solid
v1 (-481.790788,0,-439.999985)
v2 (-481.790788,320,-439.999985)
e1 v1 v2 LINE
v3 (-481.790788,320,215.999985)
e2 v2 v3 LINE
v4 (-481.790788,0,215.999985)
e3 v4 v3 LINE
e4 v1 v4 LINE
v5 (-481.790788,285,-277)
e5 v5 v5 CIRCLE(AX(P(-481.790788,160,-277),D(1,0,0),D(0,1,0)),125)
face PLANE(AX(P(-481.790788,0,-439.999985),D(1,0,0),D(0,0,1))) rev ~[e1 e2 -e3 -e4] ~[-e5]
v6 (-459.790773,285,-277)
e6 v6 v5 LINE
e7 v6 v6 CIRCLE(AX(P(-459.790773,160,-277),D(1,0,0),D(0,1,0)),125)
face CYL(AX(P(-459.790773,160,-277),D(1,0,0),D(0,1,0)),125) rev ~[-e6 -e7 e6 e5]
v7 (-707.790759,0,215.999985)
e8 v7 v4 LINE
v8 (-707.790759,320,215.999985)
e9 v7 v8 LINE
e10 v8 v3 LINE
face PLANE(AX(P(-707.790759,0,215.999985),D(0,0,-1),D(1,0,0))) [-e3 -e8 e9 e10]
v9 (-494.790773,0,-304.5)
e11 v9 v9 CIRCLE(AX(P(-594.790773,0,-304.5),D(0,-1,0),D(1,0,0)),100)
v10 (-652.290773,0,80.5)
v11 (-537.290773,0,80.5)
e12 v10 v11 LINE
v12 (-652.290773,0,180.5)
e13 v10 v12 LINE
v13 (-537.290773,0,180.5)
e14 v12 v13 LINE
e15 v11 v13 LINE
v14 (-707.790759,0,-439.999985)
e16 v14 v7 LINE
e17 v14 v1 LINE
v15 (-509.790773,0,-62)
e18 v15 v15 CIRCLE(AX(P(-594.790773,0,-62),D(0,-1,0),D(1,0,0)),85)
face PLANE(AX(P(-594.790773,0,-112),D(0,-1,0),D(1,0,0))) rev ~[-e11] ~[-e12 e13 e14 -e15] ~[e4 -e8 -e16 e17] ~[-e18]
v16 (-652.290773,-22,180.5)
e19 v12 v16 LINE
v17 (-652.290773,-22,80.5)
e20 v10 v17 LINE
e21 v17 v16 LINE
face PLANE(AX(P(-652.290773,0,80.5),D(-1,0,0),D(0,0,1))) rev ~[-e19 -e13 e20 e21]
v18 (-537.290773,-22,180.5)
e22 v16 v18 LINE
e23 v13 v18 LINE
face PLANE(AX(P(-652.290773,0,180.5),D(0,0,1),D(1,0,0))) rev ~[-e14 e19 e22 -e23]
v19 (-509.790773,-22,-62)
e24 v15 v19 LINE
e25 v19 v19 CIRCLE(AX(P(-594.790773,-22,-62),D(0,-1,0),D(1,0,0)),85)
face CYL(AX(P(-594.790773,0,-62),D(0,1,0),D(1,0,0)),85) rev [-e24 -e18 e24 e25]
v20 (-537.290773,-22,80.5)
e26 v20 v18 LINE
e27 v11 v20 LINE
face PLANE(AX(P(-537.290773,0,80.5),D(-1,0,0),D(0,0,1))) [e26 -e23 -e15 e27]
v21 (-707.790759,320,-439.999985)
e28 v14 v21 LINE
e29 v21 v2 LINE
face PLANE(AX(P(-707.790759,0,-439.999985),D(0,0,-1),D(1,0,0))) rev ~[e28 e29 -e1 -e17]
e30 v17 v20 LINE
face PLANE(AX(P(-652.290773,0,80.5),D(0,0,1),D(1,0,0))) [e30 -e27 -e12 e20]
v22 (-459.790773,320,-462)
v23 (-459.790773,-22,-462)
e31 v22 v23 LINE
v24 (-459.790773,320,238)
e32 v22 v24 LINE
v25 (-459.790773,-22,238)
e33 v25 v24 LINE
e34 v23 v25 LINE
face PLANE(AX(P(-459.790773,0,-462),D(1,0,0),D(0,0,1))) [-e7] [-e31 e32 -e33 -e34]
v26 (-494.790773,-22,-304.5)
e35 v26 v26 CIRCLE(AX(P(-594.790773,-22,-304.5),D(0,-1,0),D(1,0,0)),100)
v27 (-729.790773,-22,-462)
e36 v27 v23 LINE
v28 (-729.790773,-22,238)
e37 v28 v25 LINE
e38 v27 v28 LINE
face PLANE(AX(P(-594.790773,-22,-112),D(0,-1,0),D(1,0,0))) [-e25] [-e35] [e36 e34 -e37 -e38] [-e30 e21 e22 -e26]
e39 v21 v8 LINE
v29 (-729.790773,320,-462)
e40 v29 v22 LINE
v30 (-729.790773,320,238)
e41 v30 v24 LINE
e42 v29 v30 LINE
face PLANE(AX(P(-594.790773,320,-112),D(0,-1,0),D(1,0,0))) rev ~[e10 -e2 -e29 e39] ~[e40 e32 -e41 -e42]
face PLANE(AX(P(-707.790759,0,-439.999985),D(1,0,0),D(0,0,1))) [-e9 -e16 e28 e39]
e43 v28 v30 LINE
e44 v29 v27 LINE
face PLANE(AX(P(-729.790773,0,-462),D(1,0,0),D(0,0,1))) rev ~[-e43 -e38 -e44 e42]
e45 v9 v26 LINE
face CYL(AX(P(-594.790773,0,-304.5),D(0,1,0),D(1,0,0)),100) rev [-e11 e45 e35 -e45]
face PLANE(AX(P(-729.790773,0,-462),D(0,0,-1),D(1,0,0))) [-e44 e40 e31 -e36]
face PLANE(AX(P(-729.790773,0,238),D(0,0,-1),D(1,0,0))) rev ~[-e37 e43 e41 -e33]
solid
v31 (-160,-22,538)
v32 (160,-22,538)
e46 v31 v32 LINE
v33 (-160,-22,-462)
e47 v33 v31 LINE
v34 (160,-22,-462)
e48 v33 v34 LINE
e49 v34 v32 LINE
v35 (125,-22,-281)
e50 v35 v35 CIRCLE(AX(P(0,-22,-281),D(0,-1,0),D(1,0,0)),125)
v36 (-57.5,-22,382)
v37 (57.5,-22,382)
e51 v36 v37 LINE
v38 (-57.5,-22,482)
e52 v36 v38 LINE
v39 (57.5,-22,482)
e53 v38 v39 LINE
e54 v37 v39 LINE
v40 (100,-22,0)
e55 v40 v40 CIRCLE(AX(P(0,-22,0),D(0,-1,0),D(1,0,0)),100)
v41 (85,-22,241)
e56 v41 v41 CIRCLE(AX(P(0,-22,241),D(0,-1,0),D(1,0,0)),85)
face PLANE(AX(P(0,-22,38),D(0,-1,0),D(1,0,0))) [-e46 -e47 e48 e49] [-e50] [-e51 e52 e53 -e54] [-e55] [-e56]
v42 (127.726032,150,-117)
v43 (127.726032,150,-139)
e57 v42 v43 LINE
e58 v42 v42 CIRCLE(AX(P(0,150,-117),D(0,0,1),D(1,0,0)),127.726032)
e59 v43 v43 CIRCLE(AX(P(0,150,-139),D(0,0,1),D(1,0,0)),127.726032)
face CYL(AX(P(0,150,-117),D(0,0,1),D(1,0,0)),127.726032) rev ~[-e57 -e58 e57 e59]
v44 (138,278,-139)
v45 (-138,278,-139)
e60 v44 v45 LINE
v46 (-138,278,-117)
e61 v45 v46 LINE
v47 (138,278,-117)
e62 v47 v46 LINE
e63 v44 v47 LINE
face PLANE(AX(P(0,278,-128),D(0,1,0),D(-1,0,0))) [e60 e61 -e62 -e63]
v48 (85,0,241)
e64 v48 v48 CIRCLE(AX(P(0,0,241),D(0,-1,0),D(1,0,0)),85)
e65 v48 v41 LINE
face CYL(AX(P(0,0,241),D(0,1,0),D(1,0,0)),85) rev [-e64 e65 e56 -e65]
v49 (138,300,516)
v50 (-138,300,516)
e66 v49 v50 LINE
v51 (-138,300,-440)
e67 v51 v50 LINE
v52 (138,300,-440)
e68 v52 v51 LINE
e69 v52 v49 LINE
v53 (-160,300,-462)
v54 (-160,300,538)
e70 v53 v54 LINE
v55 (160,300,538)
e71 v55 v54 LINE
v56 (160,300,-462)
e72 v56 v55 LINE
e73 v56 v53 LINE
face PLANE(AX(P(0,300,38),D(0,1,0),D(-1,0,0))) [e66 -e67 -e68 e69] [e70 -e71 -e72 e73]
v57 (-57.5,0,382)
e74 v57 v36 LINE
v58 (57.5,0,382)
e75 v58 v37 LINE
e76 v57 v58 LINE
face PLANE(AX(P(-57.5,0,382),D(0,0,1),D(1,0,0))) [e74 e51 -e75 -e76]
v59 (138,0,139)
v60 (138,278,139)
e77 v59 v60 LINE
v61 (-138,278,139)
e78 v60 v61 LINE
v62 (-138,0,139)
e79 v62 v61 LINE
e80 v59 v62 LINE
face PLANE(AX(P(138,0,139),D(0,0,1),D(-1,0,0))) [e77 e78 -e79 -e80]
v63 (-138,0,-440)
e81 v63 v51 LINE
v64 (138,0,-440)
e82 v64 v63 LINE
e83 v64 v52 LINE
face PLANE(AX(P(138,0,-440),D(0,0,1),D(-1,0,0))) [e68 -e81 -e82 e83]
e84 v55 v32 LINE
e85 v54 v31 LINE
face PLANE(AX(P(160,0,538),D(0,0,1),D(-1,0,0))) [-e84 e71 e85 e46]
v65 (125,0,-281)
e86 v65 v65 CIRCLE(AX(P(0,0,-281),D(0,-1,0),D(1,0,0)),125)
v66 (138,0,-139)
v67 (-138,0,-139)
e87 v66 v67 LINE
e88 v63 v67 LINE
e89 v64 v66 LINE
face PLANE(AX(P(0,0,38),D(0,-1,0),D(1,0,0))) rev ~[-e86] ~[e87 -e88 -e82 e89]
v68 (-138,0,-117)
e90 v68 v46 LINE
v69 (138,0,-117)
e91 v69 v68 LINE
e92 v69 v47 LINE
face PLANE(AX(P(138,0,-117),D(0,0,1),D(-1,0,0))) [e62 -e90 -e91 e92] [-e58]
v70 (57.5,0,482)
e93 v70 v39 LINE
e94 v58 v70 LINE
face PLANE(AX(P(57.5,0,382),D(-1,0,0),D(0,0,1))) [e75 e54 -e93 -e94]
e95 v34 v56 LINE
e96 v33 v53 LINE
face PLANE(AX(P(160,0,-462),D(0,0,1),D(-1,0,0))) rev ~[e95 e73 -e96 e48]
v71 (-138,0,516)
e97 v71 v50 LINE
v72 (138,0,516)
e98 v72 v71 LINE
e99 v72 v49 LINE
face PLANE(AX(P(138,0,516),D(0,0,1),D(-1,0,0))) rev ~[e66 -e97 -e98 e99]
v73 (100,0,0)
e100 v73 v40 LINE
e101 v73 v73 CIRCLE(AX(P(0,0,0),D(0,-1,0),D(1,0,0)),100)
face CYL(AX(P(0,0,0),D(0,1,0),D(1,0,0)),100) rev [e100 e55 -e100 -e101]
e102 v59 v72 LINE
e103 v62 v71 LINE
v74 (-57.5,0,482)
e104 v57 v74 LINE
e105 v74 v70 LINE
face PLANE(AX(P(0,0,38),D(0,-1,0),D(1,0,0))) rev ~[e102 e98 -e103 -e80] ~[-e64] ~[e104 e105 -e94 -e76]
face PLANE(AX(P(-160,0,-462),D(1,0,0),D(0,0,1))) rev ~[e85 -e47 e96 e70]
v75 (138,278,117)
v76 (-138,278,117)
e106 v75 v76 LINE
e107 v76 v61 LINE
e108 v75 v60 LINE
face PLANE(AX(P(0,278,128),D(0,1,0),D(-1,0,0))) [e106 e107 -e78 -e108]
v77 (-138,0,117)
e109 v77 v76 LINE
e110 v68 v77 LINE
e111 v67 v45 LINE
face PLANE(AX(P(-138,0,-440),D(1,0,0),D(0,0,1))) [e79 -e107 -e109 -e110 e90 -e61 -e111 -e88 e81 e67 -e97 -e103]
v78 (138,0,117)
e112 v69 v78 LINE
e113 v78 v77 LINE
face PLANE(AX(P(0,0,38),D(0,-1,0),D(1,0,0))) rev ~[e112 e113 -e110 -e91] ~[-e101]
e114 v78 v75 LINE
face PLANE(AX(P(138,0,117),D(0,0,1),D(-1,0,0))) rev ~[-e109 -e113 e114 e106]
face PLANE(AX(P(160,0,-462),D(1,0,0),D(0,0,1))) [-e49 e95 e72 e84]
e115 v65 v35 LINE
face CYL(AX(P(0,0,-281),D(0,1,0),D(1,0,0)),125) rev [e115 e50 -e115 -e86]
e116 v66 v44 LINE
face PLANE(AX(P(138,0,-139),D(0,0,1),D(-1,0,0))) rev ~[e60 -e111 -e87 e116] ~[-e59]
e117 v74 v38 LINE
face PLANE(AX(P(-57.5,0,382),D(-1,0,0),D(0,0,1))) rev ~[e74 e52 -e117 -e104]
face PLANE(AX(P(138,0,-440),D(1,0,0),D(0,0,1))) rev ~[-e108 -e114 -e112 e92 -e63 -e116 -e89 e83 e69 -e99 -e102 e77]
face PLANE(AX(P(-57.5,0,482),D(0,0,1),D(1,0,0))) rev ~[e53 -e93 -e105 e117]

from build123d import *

# Parameters (mm, degrees)
F0_W      = 320
F0_H      = 1000
F0_R      = 125
F0_R_2    = 100
F0_R_3    = 85
F0_W_2    = 115
F0_H_2    = 100
F1_DEPTH  = 22
F0_W_3    = 270
F0_H_3    = 700
F4_DEPTH  = 320
F3_W      = 225.9999704361
F3_H      = 655.9999704361
F5_DEPTH  = 824
F2_W      = 320
F2_H      = 1000
F2_W_2    = 276
F2_H_2    = 956
F6_DEPTH  = 300
F7_R      = 125
F8_DEPTH  = 25
F9_W      = 276
F9_H      = 22
F10_DEPTH = 278
F11_R     = 127.7260322989
F12_DEPTH = 25


with BuildPart() as f1:
    # F0 (on Front) → F1 (new body)
    with BuildSketch(Plane.XZ):
        with Locations((0, 38)):
            Rectangle(F0_W, F0_H)
        with Locations((0, -281)):
            Circle(F0_R, mode=Mode.SUBTRACT)
        Circle(F0_R_2, mode=Mode.SUBTRACT)
        with Locations((0, 241)):
            Circle(F0_R_3, mode=Mode.SUBTRACT)
        with Locations((0, 432)):
            Rectangle(F0_W_2, F0_H_2, mode=Mode.SUBTRACT)
    extrude(amount=F1_DEPTH)

    # F2 (on face) → F6 (join)
    with BuildSketch(Plane(origin=(0, 0, 0), x_dir=(-1, 0, 0), z_dir=(0, 1, 0))):
        with Locations((0, 38)):
            Rectangle(F2_W, F2_H)
        with Locations((0, 38)):
            Rectangle(F2_W_2, F2_H_2, mode=Mode.SUBTRACT)
    extrude(amount=F6_DEPTH)

    # F9 (on face) → F10 (join)
    with BuildSketch(Plane(origin=(0, 0, 0), x_dir=(-1, 0, 0), z_dir=(0, 1, 0))):
        with Locations((0, -128)):
            Rectangle(F9_W, F9_H)
        with Locations((0, 128)):
            Rectangle(F9_W, F9_H)
    extrude(amount=F10_DEPTH)

    # F11 (on face) → F12 (cut)
    with BuildSketch(Plane.XY.offset(-117)):
        with Locations((0, 150)):
            Circle(F11_R)
    extrude(amount=-F12_DEPTH, mode=Mode.SUBTRACT)


with BuildPart() as f1b:
    # F0 (on Front) → F1, piece 2 (new body)
    with BuildSketch(Plane.XZ):
        with Locations((-594.7907733917, -112)):
            Rectangle(F0_W_3, F0_H_3)
        with Locations((-594.7907733917, -304.5)):
            Circle(F0_R_2, mode=Mode.SUBTRACT)
        with Locations((-594.7907733917, -62)):
            Circle(F0_R_3, mode=Mode.SUBTRACT)
        with Locations((-594.7907733917, 130.5)):
            Rectangle(F0_W_2, F0_H_2, mode=Mode.SUBTRACT)
    extrude(amount=F1_DEPTH)

    # F4 (add): a face of the model
    f4_faces = [f1b.faces().sort_by_distance(p)[0] for p in [
        (-594.7907733917, 0, 230.4973338072),
    ]]
    extrude(f4_faces, amount=F4_DEPTH)

    # F3 (on Front) → F5 (cut)
    with BuildSketch(Plane.XZ):
        with Locations((-594.7907733917, -112)):
            Rectangle(F3_W, F3_H)
    extrude(amount=-F5_DEPTH, mode=Mode.SUBTRACT)

    # F7 (on face) → F8 (cut)
    with BuildSketch(Plane.YZ.offset(-459.7907733917)):
        with Locations((160, -277)):
            Circle(F7_R)
    extrude(amount=-F8_DEPTH, mode=Mode.SUBTRACT)


solid = Compound([f1.part, f1b.part])
